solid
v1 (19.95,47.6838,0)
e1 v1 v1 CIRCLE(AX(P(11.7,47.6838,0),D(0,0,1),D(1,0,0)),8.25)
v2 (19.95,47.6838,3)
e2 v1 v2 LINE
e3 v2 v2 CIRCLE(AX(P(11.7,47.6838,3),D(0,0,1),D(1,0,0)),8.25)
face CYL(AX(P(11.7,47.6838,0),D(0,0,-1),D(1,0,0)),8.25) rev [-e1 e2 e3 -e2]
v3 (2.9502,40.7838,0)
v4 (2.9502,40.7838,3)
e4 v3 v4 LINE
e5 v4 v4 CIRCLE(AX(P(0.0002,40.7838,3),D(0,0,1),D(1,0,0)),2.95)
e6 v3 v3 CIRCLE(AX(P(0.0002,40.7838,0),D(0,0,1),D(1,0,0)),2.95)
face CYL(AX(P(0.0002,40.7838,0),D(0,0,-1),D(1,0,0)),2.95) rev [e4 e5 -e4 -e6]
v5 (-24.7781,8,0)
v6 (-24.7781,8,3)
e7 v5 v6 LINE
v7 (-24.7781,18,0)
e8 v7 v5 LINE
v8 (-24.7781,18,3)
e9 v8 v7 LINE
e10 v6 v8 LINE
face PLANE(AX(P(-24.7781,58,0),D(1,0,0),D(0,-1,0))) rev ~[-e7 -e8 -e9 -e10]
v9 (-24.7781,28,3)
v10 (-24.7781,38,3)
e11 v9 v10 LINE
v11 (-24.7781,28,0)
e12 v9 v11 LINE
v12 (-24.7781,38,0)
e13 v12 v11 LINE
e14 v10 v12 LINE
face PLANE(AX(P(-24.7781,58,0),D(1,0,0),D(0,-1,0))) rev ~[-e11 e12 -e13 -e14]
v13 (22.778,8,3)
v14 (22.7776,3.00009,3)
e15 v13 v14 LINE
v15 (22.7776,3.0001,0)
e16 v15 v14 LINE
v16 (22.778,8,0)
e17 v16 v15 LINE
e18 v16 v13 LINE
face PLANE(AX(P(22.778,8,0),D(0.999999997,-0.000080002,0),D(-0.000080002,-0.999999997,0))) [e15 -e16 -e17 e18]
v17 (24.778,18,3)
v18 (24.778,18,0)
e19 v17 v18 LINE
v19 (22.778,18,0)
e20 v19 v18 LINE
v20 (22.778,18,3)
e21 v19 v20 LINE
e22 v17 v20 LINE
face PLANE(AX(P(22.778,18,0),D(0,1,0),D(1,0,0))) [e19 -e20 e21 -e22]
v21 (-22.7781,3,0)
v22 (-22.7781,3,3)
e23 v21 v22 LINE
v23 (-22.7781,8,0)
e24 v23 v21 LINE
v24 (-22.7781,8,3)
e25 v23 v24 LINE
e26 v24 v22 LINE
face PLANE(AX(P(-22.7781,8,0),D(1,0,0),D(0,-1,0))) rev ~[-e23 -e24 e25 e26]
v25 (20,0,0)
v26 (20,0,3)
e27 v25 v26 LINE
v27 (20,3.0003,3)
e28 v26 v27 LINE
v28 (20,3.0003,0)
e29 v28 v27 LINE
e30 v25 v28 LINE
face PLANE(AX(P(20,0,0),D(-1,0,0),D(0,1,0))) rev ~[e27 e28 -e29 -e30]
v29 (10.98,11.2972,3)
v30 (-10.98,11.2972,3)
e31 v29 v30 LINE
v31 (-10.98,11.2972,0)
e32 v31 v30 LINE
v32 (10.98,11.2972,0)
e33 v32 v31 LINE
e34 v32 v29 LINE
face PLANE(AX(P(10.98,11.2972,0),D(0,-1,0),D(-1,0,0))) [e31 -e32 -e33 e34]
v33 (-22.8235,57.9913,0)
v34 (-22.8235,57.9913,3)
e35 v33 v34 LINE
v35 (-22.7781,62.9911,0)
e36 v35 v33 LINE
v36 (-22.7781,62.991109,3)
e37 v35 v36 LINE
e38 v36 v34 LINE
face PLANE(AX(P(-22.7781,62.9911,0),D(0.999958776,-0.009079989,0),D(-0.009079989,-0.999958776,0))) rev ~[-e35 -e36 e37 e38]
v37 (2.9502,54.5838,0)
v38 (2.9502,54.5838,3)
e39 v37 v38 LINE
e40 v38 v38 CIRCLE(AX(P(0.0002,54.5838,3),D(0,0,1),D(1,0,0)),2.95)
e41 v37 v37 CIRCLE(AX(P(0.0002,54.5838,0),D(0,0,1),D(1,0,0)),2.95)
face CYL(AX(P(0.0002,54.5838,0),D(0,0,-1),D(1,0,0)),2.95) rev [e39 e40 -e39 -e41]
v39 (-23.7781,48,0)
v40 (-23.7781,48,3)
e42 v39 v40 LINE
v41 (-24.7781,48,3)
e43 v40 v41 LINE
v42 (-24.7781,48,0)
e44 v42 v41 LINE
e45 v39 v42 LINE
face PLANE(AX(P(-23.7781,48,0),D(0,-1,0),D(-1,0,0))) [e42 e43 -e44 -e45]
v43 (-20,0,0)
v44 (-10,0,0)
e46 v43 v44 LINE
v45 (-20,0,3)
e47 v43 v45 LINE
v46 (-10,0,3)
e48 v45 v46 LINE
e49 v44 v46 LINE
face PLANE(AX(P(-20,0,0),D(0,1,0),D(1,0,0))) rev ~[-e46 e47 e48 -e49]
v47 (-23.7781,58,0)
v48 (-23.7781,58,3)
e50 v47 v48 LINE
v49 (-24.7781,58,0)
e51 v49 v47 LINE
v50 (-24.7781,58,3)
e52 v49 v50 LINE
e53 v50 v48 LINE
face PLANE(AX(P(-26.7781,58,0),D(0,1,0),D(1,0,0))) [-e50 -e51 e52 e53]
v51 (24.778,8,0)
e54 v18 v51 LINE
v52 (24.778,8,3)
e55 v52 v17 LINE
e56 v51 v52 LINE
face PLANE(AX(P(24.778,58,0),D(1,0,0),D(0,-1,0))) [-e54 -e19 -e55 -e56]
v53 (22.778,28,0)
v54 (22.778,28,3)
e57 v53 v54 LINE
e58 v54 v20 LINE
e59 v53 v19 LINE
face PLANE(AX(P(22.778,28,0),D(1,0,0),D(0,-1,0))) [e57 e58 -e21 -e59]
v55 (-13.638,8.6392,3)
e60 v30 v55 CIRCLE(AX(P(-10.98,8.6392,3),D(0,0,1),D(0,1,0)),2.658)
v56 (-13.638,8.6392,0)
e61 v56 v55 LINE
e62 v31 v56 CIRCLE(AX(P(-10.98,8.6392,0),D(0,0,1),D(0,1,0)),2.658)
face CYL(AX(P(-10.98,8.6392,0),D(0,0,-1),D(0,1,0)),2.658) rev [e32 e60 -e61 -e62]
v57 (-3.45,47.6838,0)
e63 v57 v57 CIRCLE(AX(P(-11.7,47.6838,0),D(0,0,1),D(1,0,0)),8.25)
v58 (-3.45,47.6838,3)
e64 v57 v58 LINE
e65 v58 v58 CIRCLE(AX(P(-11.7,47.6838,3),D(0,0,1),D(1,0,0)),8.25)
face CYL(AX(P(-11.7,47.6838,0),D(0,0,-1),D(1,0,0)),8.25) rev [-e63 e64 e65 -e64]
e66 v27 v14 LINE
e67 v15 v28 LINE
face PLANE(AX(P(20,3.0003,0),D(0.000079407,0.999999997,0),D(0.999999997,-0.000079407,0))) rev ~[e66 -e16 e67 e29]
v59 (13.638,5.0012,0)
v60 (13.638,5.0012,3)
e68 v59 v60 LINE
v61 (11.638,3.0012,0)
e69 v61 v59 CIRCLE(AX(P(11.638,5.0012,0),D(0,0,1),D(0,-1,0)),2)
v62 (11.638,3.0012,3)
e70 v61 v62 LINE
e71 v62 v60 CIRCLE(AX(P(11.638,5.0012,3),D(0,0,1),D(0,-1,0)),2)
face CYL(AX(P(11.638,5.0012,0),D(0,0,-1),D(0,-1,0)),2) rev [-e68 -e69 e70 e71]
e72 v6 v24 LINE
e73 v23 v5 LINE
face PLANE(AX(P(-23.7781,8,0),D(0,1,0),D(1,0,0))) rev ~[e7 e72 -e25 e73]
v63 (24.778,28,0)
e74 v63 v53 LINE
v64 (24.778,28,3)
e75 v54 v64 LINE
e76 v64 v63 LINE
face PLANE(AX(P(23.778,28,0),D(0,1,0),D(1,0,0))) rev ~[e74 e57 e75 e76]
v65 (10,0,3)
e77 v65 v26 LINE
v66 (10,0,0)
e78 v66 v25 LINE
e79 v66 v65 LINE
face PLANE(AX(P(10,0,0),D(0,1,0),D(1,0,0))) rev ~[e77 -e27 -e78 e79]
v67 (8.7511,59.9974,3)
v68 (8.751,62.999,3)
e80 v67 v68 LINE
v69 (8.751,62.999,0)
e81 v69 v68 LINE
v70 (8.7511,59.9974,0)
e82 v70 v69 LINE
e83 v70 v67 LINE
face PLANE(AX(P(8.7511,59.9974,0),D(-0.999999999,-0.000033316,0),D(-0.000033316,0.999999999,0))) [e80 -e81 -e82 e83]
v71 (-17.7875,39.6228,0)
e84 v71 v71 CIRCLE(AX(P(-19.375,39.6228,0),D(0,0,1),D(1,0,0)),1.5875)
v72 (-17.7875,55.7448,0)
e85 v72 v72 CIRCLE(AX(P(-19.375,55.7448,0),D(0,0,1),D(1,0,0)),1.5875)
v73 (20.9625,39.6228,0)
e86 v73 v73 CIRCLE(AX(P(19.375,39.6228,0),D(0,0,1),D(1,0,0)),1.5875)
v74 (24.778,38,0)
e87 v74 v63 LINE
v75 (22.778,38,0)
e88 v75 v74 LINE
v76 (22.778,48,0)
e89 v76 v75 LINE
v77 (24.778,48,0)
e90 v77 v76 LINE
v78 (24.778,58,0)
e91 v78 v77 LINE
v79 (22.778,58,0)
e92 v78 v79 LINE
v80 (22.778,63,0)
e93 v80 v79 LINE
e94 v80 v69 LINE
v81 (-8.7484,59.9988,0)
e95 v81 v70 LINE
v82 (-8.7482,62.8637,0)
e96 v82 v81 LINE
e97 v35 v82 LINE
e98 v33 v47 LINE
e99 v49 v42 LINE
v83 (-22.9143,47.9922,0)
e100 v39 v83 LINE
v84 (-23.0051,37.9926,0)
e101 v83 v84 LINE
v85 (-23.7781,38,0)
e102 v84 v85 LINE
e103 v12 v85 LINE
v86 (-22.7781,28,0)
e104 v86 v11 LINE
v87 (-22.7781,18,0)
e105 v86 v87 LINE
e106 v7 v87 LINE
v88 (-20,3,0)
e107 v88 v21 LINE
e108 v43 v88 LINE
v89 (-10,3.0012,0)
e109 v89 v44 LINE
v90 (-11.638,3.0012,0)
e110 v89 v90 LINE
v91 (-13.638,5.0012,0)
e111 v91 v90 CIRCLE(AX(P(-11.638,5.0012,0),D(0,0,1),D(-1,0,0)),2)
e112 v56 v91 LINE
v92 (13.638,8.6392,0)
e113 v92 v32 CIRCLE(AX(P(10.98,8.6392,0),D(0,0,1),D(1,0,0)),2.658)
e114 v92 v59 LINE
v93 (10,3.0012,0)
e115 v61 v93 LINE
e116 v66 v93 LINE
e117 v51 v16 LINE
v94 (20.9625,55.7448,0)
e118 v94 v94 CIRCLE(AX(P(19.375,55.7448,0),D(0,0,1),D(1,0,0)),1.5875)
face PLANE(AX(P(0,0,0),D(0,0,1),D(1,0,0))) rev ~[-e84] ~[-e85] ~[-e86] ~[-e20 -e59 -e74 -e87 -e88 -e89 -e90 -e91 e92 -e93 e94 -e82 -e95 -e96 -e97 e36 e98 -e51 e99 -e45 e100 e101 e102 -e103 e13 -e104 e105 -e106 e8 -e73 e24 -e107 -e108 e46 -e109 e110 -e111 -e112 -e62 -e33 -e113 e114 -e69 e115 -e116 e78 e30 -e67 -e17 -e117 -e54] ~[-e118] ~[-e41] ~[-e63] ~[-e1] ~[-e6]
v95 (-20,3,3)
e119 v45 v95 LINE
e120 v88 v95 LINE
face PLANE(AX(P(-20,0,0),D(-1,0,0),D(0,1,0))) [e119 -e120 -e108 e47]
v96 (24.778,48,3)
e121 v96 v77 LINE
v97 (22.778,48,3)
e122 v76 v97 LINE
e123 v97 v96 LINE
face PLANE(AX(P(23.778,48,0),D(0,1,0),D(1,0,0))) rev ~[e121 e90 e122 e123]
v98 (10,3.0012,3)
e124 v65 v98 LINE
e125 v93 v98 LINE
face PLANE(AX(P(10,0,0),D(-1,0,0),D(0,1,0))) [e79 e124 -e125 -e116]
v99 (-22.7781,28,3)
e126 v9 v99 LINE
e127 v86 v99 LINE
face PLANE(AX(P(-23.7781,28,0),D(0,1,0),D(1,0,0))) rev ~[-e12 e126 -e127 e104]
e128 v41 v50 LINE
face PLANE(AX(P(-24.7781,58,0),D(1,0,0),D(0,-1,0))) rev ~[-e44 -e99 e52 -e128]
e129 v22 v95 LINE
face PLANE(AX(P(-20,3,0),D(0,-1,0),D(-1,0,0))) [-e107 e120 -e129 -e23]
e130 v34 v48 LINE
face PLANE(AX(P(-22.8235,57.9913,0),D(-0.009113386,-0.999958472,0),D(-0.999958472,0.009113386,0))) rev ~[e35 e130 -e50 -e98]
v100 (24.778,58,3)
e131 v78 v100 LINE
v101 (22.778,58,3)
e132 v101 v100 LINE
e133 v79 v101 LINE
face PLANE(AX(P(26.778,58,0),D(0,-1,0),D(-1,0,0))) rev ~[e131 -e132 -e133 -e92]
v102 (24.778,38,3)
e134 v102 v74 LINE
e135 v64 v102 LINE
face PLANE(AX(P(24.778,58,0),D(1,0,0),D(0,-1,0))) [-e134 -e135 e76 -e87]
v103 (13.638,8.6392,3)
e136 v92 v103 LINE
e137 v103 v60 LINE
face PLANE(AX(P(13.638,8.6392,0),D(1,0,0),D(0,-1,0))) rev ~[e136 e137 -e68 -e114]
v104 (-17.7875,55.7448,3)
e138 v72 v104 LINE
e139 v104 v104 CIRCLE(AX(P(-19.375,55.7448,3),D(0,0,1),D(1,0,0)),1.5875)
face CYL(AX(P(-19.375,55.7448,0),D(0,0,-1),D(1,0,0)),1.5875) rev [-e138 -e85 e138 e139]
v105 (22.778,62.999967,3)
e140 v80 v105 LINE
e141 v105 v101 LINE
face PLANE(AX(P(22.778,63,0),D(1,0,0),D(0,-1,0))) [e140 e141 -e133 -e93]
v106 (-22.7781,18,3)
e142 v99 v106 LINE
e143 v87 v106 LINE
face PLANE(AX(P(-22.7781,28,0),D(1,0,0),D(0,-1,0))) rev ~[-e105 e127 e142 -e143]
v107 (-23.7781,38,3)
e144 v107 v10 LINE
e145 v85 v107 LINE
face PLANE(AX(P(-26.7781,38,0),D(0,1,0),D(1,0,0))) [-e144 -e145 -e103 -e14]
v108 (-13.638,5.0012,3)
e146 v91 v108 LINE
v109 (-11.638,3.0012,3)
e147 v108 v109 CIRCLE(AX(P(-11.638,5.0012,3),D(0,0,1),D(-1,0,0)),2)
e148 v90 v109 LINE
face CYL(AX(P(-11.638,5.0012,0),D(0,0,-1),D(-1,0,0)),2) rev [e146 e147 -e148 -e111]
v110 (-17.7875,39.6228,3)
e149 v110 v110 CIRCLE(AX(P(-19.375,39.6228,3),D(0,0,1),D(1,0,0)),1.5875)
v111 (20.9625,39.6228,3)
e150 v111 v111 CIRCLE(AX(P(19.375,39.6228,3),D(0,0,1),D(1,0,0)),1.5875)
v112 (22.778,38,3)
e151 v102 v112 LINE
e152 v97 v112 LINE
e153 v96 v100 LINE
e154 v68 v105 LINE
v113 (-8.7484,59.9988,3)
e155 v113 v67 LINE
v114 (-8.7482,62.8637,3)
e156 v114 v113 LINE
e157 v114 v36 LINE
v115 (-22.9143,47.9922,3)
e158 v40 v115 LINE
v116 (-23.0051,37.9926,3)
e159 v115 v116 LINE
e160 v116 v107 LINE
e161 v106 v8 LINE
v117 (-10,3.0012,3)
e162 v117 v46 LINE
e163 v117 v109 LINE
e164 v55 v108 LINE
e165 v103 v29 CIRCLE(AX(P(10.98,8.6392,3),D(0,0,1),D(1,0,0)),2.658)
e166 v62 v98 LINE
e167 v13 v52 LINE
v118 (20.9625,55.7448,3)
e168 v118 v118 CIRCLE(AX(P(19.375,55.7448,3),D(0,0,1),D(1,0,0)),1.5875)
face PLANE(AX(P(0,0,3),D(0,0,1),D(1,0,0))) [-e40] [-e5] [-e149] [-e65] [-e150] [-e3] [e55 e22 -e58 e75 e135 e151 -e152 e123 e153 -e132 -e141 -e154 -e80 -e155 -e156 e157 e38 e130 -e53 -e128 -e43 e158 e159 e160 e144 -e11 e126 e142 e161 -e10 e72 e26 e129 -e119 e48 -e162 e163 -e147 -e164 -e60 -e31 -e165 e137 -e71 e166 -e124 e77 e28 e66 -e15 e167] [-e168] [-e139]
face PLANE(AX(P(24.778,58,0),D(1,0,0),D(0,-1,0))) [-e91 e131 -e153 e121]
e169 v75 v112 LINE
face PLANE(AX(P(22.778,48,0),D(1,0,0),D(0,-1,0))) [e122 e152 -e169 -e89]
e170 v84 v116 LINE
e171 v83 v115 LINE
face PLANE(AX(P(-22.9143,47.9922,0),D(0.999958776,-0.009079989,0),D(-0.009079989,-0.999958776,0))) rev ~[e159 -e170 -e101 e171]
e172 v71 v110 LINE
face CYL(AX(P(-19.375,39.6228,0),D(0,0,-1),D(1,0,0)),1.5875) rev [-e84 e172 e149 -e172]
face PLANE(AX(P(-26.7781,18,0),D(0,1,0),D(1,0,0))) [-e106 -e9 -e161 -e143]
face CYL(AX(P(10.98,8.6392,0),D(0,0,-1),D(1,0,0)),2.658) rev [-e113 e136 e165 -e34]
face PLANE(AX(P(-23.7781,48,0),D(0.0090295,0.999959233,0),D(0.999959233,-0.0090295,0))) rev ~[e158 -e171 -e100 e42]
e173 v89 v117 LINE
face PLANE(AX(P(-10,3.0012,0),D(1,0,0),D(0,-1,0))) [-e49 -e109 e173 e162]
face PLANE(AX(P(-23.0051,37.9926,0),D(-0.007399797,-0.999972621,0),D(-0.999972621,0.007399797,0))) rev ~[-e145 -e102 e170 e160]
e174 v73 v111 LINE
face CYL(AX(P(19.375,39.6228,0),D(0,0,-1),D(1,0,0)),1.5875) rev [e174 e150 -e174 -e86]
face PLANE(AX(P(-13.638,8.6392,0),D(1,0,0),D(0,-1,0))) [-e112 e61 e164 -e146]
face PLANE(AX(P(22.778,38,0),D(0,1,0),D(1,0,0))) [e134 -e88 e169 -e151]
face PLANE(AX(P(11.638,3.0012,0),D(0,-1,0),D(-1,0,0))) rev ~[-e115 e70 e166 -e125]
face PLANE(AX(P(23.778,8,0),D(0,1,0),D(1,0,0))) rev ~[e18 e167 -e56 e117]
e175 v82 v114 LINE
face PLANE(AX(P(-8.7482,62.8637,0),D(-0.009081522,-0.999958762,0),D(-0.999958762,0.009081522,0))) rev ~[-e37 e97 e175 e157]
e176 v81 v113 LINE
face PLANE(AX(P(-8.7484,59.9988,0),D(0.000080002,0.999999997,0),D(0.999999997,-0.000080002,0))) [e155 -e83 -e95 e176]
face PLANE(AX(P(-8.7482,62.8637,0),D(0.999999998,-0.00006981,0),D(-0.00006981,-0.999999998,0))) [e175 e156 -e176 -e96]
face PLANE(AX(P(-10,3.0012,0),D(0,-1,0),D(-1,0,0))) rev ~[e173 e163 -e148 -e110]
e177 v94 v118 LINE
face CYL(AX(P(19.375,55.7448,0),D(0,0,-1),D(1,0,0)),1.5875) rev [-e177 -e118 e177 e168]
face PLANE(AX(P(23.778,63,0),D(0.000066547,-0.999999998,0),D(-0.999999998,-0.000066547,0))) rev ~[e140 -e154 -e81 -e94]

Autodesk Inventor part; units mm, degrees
ref_plane "YZ Plane" through (0, 0, 0) normal (1, 0, 0) x (0, 1, 0)
ref_plane "XZ Plane" through (0, 0, 0) normal (0, 1, 0) x (-1, 0, 0)
ref_plane "XY Plane" through (0, 0, 0) normal (0, 0, 1) x (1, 0, 0)
sketch "Sketch1" plane through (0, 0, 0) normal (0, 0, 1) x (1, 0, 0)
  line L0 (23.778, 63) -> (8.751, 62.999)
  line L1 (8.7511, 59.9974) -> (8.751, 62.999)
  line L2 (-8.7484, 59.9988) -> (8.7511, 59.9974)
  line L3 (-8.7482, 62.8637) -> (-8.7484, 59.9988)
  line L4 (-8.7482, 62.8637) -> (-23.7781, 63.0002)
  circle A0 centre (11.7, 47.6838) radius 8.25
  circle A1 centre (-11.7, 47.6838) radius 8.25
  circle A2 centre (0.0002, 40.7838) radius 2.95
  circle A3 centre (19.375, 39.6228) radius 1.5875
  circle A4 centre (-19.375, 55.7448) radius 1.5875
  line L5 (10.98, 11.2972) -> (-10.98, 11.2972)
  arc A5 (13.638, 8.6392) -> (10.98, 11.2972) centre (10.98, 8.6392) ccw
  arc A6 (-10.98, 11.2972) -> (-13.638, 8.6392) centre (-10.98, 8.6392) ccw
  line L6 (-0.0001, 27) -> (-7.6501, 27) construction
  line L7 (-7.6501, 27) -> (-0.0001, 27) construction
  line L8 (-0.0001, 34) -> (-0.0001, 27) construction
  line L9 (10, 0) -> (20, 0)
  line L10 (-20, 0) -> (-10, 0)
  line L11 (-5, 0) -> (5, 0) construction
  line L12 (20, 0) -> (20, 3.0003)
  line L13 (20, 3.0003) -> (23.778, 3)
  line L14 (10, 0) -> (10, 3.0012)
  line L15 (-10, 3.0012) -> (-10, 0)
  line L16 (-20, 0) -> (-20, 3)
  line L17 (-20, 3) -> (-23.7781, 3)
  line L18 (13.638, 8.6392) -> (13.638, 5.0012)
  line L19 (-13.638, 8.6392) -> (-13.638, 5.0012)
  line L20 (11.638, 3.0012) -> (10, 3.0012)
  line L21 (-10, 3.0012) -> (-11.638, 3.0012)
  arc A7 (11.638, 3.0012) -> (13.638, 5.0012) centre (11.638, 5.0012) ccw
  arc A8 (-13.638, 5.0012) -> (-11.638, 3.0012) centre (-11.638, 5.0012) ccw
  line L22 (23.778, 28) -> (26.778, 28)
  line L23 (26.778, 28) -> (26.778, 38)
  line L24 (26.778, 38) -> (23.778, 38)
  line L25 (23.778, 48) -> (26.778, 48)
  line L26 (26.778, 48) -> (26.778, 58)
  line L27 (26.778, 58) -> (23.778, 58)
  line L28 (23.778, 8) -> (26.778, 8)
  line L29 (26.778, 8) -> (26.778, 18)
  line L30 (26.778, 18) -> (23.778, 18)
  line L31 (23.778, 28) -> (26.778, 28)
  line L32 (26.778, 28) -> (26.778, 38)
  line L33 (26.778, 38) -> (23.778, 38)
  line L34 (23.778, 48) -> (23.778, 38)
  line L35 (23.778, 28) -> (23.778, 18)
  line L36 (23.778, 8) -> (23.778, 3)
  line L37 (-23.7781, 28) -> (-26.7781, 28)
  line L38 (-26.7781, 28) -> (-26.7781, 38)
  line L39 (-26.7781, 38) -> (-23.7781, 38)
  line L40 (-26.7781, 48) -> (-26.7781, 58)
  line L41 (-26.7781, 58) -> (-23.7781, 58)
  line L42 (-23.7781, 48) -> (-26.7781, 48)
  line L43 (-26.7781, 8) -> (-26.7781, 18)
  line L44 (-26.7781, 18) -> (-23.7781, 18)
  line L45 (-23.7781, 8) -> (-26.7781, 8)
  line L46 (-26.7781, 28) -> (-26.7781, 38)
  line L47 (-26.7781, 38) -> (-23.7781, 38)
  line L48 (-23.7781, 28) -> (-26.7781, 28)
  line L49 (-23.7781, 48) -> (-23.7781, 38)
  line L50 (-23.7781, 28) -> (-23.7781, 18)
  circle A9 centre (0.0002, 54.5838) radius 2.95
  line L51 (0.0002, 50) -> (0.0002, 45) construction
  line L52 (10, 47.6838) -> (6, 47.6838) construction
  circle A10 centre (19.375, 55.7448) radius 1.5875
  circle A11 centre (-19.375, 39.6228) radius 1.5875
  line L53 (-23.7781, 3) -> (-23.7781, 8)
  line L54 (23.778, 63) -> (23.778, 58)
  line L55 (-23.7781, 63.0002) -> (-23.7781, 58)
  line L56 (23.778, 63) -> (23.778, 62.5)
  line L57 (23.778, 63) -> (22.778, 63)
  line L58 (23.778, 63) -> (24.778, 63) construction
  line L59 (22.778, 63) -> (22.778, 58)
  line L60 (22.778, 58) -> (23.778, 58)
  line L61 (23.778, 48) -> (22.778, 48)
  line L62 (22.778, 48) -> (22.778, 38)
  line L63 (22.778, 38) -> (23.778, 38)
  line L64 (23.778, 28) -> (22.778, 28)
  line L65 (22.778, 28) -> (22.778, 18)
  line L66 (22.778, 18) -> (23.778, 18)
  line L67 (23.778, 8) -> (22.778, 8)
  line L68 (22.778, 8) -> (22.7776, 3.0001)
  line L69 (-23.7781, 63.0002) -> (-23.7781, 62.5002)
  line L70 (-23.7781, 63.0002) -> (-22.7781, 62.9911)
  line L71 (-22.7781, 62.9911) -> (-22.8235, 57.9913)
  line L72 (-22.8235, 57.9913) -> (-23.7781, 58)
  line L73 (-23.7781, 48) -> (-22.9143, 47.9922)
  line L74 (-22.9143, 47.9922) -> (-23.0051, 37.9926)
  line L75 (-23.0051, 37.9926) -> (-24.0051, 38)
  line L76 (-23.7781, 28) -> (-22.7781, 28)
  line L77 (-22.7781, 28) -> (-22.7781, 18)
  line L78 (-22.7781, 18) -> (-23.7781, 18)
  line L79 (-23.7781, 8) -> (-22.7781, 8)
  line L80 (-23.7781, 8) -> (-22.7781, 8) construction
  line L81 (-22.7781, 8) -> (-22.7781, 3)
  point P0 (0, 0)
  point P1 (0, 1.5)
  point P2 (15, 0)
  point P3 (15, 1.5)
  point P4 (-15, 0)
  point P5 (-15, 1.5)
  point P6 (0, 0)
  point P7 (0, 1.5)
  point P8 (13.638, 3.0012)
  point P9 (-23.7781, 23)
  dimension "d4" = 15
  dimension "d7" = 15
  dimension "d11" = 2
  dimension "d12" = 3
  dimension "d16" = 20
  dimension "d19" = 20
  dimension "d46" = 7.675
  dimension "d47" = 7.675
  dimension "d50" = 0.5
  dimension "d51" = 1
  dimension "d52" = 180
  dimension "d53" = 10
  dimension "d54" = 10
  dimension "d55" = 90
  dimension "d56" = 1
  dimension "d57" = 0.5
  dimension "d58" = 1
  dimension "d59" = 5
  dimension "d60" = 10
  dimension "d61" = 1
  dimension "d62" = 1
  dimension "d63" = 1
  dimension "d64" = 0
  dimension "d67" = 8.061
  dimension "d68" = 8.061
  dimension "d69" = 1
  dimension "d70" = 1
extrude "Extrusion1" add sketch "Sketch1" along normal blind 3
extrude "Extrusion2" cut sketch "Sketch1" along normal up to next contours L54 L60 L59 L0 | L34 L63 L62 L61 | L71 L72 L55 L4 | L35 L66 L65 L64 | L73 L74 L75 L49 | L36 L13 L68 L67 | L76 L77 L78 L50 | L79 L81 L17 L53
sketch "Sketch2" plane through (0, 0, 0) normal (0, 0, -1) x (-1, 0, 0)
  line L0 (-22.778, 8) -> (-26.778, 8) projected
  line L1 (-26.778, 58) -> (-24.778, 58)
  line L2 (-24.778, 58) -> (-24.778, 8)
  line L3 (-24.778, 8) -> (-26.778, 8)
  line L4 (-26.778, 8) -> (-26.778, 58)
  line L5 (26.7781, 8) -> (22.7781, 8) projected
  line L6 (26.7781, 58) -> (24.7781, 58)
  line L7 (24.7781, 58) -> (24.7781, 8)
  line L8 (24.7781, 8) -> (26.7781, 8)
  line L9 (26.7781, 8) -> (26.7781, 58)
  point P0 (0, 0)
extrude "Extrusion3" cut sketch "Sketch2" against normal through all
equation "\"d56\" = d51"
equation "\"d58\" = d51"
equation "\"d61\" = d51"
equation "\"d62\" = d51"
equation "\"d63\" = d51"
equation "\"d68\" = d67"
equation "\"d69\" = d51"
equation "\"d70\" = d51"
properties part number "srf depan"
